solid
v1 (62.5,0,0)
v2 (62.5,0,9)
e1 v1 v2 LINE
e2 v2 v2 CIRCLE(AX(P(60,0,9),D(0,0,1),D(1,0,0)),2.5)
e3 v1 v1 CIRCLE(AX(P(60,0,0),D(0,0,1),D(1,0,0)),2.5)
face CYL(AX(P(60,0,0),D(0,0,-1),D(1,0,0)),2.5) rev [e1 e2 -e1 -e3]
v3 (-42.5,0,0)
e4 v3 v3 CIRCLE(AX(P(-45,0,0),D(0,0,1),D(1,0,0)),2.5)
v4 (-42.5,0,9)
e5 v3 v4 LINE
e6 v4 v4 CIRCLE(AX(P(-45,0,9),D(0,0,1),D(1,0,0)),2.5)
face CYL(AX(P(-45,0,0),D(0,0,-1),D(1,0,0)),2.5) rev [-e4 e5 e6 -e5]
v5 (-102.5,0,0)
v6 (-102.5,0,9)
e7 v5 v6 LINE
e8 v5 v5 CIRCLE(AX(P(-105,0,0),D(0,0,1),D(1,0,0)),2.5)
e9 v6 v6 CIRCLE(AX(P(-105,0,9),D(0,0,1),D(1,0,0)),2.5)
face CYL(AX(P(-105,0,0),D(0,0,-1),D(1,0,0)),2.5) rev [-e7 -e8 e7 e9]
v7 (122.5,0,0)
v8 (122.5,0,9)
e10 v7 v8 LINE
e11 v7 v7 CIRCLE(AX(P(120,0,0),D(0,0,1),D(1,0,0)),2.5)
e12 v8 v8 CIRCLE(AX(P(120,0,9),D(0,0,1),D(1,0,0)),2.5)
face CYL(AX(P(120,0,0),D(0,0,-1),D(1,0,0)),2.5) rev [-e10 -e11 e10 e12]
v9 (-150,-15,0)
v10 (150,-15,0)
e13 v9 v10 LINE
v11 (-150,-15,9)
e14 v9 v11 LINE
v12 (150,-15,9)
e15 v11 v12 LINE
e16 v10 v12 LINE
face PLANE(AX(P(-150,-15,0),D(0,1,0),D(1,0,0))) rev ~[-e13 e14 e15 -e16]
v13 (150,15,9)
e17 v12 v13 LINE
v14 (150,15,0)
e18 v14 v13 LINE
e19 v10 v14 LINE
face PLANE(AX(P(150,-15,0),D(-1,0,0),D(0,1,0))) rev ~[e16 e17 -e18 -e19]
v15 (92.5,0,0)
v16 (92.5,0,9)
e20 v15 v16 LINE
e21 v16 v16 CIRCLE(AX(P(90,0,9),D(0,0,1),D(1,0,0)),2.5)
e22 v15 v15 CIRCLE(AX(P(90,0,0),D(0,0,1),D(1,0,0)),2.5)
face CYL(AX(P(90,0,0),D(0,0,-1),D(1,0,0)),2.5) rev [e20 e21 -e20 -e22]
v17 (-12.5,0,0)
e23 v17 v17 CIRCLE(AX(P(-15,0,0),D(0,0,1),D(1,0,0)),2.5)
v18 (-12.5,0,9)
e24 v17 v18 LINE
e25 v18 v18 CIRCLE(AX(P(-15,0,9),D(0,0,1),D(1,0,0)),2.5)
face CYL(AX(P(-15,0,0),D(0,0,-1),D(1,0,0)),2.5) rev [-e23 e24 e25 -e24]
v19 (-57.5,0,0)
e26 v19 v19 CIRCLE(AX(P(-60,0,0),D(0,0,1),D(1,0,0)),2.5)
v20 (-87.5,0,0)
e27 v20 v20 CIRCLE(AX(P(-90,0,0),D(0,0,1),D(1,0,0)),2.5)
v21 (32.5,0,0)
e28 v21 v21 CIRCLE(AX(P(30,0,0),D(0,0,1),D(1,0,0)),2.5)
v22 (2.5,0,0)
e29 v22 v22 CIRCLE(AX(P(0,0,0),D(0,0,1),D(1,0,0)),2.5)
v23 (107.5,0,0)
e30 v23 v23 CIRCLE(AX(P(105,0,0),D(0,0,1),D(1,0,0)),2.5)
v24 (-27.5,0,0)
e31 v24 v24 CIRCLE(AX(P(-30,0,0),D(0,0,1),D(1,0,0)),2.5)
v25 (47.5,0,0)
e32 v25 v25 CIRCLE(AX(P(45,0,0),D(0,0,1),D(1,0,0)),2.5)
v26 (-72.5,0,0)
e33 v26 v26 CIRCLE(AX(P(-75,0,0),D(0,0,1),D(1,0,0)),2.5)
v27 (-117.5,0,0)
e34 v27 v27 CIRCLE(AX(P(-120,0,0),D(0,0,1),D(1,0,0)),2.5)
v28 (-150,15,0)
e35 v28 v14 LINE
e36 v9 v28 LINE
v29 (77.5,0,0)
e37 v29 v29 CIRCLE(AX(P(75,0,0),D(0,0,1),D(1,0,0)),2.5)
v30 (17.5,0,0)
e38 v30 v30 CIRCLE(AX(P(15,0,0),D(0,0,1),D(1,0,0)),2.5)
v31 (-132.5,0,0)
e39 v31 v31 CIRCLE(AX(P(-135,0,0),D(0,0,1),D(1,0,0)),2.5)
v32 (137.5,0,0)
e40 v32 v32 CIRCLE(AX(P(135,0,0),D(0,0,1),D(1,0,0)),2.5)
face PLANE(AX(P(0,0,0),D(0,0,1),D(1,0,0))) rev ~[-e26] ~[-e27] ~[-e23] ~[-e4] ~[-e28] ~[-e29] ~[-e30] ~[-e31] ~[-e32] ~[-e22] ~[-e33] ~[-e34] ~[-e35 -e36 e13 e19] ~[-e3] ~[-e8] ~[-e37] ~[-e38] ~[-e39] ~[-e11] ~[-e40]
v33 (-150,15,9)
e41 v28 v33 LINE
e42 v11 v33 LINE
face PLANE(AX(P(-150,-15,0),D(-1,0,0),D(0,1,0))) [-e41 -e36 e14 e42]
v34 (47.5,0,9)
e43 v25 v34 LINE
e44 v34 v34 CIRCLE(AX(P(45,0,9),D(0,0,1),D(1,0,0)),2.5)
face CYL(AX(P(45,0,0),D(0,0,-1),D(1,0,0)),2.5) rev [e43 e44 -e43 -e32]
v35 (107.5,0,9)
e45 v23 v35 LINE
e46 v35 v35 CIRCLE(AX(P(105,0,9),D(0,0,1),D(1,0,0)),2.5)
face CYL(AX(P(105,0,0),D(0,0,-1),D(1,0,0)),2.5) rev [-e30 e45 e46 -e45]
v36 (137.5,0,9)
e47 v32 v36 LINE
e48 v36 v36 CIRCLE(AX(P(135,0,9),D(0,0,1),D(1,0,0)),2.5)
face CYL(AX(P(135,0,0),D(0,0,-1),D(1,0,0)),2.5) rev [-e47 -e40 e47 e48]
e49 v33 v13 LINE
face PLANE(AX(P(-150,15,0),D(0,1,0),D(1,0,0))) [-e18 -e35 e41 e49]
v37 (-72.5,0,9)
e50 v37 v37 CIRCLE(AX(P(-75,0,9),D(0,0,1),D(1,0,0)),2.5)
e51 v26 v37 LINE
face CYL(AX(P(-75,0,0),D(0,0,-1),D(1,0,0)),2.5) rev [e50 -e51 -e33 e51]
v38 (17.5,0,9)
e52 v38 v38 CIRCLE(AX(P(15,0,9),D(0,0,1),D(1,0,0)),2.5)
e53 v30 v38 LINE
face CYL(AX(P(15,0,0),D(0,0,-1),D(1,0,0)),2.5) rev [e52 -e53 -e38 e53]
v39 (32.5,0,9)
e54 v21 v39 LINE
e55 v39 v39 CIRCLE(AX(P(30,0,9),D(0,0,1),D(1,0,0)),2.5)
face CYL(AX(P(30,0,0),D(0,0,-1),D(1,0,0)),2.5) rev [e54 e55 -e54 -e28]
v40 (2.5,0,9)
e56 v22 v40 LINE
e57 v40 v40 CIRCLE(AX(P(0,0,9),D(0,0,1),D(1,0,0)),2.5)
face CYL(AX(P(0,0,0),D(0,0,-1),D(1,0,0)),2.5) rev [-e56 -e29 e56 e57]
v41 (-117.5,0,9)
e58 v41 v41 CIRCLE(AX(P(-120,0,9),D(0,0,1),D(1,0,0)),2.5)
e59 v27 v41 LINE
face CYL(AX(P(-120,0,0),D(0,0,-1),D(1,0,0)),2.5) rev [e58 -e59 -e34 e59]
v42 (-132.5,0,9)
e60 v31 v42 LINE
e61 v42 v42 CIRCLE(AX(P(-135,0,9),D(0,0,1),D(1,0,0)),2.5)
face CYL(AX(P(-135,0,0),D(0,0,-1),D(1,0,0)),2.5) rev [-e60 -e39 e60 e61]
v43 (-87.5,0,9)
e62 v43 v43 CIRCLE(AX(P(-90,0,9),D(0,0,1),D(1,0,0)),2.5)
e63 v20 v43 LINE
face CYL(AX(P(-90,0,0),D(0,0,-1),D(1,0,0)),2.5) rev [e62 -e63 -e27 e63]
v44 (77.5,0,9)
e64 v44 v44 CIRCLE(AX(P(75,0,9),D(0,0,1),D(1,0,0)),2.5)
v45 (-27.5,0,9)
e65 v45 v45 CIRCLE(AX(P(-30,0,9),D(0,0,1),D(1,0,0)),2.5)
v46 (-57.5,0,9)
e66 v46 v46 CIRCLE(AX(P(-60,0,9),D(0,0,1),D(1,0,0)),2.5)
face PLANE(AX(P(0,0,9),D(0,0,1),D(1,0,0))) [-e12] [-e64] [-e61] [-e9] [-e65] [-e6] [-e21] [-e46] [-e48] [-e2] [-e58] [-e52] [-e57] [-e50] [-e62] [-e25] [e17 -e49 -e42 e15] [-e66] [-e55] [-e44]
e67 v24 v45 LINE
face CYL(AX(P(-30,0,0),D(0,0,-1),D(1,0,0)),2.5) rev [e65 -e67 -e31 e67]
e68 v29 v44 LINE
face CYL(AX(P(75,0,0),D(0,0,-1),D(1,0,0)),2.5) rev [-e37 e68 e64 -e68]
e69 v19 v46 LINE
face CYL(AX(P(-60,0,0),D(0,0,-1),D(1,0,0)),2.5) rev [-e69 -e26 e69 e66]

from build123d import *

# Parameters (mm, degrees)
F0_W     = 300
F0_H     = 30
F0_R     = 2.5
F1_DEPTH = 9


with BuildPart() as f1:
    # F0 (on Top) → F1 (new body)
    with BuildSketch(Plane.XY):
        Rectangle(F0_W, F0_H)
        with Locations((-135, 0)):
            Circle(F0_R, mode=Mode.SUBTRACT)
        with Locations((-120, 0)):
            Circle(F0_R, mode=Mode.SUBTRACT)
        with Locations((-105, 0)):
            Circle(F0_R, mode=Mode.SUBTRACT)
        with Locations((-90, 0)):
            Circle(F0_R, mode=Mode.SUBTRACT)
        with Locations((-75, 0)):
            Circle(F0_R, mode=Mode.SUBTRACT)
        with Locations((-60, 0)):
            Circle(F0_R, mode=Mode.SUBTRACT)
        with Locations((-45, 0)):
            Circle(F0_R, mode=Mode.SUBTRACT)
        with Locations((-30, 0)):
            Circle(F0_R, mode=Mode.SUBTRACT)
        with Locations((-15, 0)):
            Circle(F0_R, mode=Mode.SUBTRACT)
        Circle(F0_R, mode=Mode.SUBTRACT)
        with Locations((15, 0)):
            Circle(F0_R, mode=Mode.SUBTRACT)
        with Locations((30, 0)):
            Circle(F0_R, mode=Mode.SUBTRACT)
        with Locations((45, 0)):
            Circle(F0_R, mode=Mode.SUBTRACT)
        with Locations((60, 0)):
            Circle(F0_R, mode=Mode.SUBTRACT)
        with Locations((75, 0)):
            Circle(F0_R, mode=Mode.SUBTRACT)
        with Locations((90, 0)):
            Circle(F0_R, mode=Mode.SUBTRACT)
        with Locations((105, 0)):
            Circle(F0_R, mode=Mode.SUBTRACT)
        with Locations((120, 0)):
            Circle(F0_R, mode=Mode.SUBTRACT)
        with Locations((135, 0)):
            Circle(F0_R, mode=Mode.SUBTRACT)
    extrude(amount=F1_DEPTH)


solid = f1.part
